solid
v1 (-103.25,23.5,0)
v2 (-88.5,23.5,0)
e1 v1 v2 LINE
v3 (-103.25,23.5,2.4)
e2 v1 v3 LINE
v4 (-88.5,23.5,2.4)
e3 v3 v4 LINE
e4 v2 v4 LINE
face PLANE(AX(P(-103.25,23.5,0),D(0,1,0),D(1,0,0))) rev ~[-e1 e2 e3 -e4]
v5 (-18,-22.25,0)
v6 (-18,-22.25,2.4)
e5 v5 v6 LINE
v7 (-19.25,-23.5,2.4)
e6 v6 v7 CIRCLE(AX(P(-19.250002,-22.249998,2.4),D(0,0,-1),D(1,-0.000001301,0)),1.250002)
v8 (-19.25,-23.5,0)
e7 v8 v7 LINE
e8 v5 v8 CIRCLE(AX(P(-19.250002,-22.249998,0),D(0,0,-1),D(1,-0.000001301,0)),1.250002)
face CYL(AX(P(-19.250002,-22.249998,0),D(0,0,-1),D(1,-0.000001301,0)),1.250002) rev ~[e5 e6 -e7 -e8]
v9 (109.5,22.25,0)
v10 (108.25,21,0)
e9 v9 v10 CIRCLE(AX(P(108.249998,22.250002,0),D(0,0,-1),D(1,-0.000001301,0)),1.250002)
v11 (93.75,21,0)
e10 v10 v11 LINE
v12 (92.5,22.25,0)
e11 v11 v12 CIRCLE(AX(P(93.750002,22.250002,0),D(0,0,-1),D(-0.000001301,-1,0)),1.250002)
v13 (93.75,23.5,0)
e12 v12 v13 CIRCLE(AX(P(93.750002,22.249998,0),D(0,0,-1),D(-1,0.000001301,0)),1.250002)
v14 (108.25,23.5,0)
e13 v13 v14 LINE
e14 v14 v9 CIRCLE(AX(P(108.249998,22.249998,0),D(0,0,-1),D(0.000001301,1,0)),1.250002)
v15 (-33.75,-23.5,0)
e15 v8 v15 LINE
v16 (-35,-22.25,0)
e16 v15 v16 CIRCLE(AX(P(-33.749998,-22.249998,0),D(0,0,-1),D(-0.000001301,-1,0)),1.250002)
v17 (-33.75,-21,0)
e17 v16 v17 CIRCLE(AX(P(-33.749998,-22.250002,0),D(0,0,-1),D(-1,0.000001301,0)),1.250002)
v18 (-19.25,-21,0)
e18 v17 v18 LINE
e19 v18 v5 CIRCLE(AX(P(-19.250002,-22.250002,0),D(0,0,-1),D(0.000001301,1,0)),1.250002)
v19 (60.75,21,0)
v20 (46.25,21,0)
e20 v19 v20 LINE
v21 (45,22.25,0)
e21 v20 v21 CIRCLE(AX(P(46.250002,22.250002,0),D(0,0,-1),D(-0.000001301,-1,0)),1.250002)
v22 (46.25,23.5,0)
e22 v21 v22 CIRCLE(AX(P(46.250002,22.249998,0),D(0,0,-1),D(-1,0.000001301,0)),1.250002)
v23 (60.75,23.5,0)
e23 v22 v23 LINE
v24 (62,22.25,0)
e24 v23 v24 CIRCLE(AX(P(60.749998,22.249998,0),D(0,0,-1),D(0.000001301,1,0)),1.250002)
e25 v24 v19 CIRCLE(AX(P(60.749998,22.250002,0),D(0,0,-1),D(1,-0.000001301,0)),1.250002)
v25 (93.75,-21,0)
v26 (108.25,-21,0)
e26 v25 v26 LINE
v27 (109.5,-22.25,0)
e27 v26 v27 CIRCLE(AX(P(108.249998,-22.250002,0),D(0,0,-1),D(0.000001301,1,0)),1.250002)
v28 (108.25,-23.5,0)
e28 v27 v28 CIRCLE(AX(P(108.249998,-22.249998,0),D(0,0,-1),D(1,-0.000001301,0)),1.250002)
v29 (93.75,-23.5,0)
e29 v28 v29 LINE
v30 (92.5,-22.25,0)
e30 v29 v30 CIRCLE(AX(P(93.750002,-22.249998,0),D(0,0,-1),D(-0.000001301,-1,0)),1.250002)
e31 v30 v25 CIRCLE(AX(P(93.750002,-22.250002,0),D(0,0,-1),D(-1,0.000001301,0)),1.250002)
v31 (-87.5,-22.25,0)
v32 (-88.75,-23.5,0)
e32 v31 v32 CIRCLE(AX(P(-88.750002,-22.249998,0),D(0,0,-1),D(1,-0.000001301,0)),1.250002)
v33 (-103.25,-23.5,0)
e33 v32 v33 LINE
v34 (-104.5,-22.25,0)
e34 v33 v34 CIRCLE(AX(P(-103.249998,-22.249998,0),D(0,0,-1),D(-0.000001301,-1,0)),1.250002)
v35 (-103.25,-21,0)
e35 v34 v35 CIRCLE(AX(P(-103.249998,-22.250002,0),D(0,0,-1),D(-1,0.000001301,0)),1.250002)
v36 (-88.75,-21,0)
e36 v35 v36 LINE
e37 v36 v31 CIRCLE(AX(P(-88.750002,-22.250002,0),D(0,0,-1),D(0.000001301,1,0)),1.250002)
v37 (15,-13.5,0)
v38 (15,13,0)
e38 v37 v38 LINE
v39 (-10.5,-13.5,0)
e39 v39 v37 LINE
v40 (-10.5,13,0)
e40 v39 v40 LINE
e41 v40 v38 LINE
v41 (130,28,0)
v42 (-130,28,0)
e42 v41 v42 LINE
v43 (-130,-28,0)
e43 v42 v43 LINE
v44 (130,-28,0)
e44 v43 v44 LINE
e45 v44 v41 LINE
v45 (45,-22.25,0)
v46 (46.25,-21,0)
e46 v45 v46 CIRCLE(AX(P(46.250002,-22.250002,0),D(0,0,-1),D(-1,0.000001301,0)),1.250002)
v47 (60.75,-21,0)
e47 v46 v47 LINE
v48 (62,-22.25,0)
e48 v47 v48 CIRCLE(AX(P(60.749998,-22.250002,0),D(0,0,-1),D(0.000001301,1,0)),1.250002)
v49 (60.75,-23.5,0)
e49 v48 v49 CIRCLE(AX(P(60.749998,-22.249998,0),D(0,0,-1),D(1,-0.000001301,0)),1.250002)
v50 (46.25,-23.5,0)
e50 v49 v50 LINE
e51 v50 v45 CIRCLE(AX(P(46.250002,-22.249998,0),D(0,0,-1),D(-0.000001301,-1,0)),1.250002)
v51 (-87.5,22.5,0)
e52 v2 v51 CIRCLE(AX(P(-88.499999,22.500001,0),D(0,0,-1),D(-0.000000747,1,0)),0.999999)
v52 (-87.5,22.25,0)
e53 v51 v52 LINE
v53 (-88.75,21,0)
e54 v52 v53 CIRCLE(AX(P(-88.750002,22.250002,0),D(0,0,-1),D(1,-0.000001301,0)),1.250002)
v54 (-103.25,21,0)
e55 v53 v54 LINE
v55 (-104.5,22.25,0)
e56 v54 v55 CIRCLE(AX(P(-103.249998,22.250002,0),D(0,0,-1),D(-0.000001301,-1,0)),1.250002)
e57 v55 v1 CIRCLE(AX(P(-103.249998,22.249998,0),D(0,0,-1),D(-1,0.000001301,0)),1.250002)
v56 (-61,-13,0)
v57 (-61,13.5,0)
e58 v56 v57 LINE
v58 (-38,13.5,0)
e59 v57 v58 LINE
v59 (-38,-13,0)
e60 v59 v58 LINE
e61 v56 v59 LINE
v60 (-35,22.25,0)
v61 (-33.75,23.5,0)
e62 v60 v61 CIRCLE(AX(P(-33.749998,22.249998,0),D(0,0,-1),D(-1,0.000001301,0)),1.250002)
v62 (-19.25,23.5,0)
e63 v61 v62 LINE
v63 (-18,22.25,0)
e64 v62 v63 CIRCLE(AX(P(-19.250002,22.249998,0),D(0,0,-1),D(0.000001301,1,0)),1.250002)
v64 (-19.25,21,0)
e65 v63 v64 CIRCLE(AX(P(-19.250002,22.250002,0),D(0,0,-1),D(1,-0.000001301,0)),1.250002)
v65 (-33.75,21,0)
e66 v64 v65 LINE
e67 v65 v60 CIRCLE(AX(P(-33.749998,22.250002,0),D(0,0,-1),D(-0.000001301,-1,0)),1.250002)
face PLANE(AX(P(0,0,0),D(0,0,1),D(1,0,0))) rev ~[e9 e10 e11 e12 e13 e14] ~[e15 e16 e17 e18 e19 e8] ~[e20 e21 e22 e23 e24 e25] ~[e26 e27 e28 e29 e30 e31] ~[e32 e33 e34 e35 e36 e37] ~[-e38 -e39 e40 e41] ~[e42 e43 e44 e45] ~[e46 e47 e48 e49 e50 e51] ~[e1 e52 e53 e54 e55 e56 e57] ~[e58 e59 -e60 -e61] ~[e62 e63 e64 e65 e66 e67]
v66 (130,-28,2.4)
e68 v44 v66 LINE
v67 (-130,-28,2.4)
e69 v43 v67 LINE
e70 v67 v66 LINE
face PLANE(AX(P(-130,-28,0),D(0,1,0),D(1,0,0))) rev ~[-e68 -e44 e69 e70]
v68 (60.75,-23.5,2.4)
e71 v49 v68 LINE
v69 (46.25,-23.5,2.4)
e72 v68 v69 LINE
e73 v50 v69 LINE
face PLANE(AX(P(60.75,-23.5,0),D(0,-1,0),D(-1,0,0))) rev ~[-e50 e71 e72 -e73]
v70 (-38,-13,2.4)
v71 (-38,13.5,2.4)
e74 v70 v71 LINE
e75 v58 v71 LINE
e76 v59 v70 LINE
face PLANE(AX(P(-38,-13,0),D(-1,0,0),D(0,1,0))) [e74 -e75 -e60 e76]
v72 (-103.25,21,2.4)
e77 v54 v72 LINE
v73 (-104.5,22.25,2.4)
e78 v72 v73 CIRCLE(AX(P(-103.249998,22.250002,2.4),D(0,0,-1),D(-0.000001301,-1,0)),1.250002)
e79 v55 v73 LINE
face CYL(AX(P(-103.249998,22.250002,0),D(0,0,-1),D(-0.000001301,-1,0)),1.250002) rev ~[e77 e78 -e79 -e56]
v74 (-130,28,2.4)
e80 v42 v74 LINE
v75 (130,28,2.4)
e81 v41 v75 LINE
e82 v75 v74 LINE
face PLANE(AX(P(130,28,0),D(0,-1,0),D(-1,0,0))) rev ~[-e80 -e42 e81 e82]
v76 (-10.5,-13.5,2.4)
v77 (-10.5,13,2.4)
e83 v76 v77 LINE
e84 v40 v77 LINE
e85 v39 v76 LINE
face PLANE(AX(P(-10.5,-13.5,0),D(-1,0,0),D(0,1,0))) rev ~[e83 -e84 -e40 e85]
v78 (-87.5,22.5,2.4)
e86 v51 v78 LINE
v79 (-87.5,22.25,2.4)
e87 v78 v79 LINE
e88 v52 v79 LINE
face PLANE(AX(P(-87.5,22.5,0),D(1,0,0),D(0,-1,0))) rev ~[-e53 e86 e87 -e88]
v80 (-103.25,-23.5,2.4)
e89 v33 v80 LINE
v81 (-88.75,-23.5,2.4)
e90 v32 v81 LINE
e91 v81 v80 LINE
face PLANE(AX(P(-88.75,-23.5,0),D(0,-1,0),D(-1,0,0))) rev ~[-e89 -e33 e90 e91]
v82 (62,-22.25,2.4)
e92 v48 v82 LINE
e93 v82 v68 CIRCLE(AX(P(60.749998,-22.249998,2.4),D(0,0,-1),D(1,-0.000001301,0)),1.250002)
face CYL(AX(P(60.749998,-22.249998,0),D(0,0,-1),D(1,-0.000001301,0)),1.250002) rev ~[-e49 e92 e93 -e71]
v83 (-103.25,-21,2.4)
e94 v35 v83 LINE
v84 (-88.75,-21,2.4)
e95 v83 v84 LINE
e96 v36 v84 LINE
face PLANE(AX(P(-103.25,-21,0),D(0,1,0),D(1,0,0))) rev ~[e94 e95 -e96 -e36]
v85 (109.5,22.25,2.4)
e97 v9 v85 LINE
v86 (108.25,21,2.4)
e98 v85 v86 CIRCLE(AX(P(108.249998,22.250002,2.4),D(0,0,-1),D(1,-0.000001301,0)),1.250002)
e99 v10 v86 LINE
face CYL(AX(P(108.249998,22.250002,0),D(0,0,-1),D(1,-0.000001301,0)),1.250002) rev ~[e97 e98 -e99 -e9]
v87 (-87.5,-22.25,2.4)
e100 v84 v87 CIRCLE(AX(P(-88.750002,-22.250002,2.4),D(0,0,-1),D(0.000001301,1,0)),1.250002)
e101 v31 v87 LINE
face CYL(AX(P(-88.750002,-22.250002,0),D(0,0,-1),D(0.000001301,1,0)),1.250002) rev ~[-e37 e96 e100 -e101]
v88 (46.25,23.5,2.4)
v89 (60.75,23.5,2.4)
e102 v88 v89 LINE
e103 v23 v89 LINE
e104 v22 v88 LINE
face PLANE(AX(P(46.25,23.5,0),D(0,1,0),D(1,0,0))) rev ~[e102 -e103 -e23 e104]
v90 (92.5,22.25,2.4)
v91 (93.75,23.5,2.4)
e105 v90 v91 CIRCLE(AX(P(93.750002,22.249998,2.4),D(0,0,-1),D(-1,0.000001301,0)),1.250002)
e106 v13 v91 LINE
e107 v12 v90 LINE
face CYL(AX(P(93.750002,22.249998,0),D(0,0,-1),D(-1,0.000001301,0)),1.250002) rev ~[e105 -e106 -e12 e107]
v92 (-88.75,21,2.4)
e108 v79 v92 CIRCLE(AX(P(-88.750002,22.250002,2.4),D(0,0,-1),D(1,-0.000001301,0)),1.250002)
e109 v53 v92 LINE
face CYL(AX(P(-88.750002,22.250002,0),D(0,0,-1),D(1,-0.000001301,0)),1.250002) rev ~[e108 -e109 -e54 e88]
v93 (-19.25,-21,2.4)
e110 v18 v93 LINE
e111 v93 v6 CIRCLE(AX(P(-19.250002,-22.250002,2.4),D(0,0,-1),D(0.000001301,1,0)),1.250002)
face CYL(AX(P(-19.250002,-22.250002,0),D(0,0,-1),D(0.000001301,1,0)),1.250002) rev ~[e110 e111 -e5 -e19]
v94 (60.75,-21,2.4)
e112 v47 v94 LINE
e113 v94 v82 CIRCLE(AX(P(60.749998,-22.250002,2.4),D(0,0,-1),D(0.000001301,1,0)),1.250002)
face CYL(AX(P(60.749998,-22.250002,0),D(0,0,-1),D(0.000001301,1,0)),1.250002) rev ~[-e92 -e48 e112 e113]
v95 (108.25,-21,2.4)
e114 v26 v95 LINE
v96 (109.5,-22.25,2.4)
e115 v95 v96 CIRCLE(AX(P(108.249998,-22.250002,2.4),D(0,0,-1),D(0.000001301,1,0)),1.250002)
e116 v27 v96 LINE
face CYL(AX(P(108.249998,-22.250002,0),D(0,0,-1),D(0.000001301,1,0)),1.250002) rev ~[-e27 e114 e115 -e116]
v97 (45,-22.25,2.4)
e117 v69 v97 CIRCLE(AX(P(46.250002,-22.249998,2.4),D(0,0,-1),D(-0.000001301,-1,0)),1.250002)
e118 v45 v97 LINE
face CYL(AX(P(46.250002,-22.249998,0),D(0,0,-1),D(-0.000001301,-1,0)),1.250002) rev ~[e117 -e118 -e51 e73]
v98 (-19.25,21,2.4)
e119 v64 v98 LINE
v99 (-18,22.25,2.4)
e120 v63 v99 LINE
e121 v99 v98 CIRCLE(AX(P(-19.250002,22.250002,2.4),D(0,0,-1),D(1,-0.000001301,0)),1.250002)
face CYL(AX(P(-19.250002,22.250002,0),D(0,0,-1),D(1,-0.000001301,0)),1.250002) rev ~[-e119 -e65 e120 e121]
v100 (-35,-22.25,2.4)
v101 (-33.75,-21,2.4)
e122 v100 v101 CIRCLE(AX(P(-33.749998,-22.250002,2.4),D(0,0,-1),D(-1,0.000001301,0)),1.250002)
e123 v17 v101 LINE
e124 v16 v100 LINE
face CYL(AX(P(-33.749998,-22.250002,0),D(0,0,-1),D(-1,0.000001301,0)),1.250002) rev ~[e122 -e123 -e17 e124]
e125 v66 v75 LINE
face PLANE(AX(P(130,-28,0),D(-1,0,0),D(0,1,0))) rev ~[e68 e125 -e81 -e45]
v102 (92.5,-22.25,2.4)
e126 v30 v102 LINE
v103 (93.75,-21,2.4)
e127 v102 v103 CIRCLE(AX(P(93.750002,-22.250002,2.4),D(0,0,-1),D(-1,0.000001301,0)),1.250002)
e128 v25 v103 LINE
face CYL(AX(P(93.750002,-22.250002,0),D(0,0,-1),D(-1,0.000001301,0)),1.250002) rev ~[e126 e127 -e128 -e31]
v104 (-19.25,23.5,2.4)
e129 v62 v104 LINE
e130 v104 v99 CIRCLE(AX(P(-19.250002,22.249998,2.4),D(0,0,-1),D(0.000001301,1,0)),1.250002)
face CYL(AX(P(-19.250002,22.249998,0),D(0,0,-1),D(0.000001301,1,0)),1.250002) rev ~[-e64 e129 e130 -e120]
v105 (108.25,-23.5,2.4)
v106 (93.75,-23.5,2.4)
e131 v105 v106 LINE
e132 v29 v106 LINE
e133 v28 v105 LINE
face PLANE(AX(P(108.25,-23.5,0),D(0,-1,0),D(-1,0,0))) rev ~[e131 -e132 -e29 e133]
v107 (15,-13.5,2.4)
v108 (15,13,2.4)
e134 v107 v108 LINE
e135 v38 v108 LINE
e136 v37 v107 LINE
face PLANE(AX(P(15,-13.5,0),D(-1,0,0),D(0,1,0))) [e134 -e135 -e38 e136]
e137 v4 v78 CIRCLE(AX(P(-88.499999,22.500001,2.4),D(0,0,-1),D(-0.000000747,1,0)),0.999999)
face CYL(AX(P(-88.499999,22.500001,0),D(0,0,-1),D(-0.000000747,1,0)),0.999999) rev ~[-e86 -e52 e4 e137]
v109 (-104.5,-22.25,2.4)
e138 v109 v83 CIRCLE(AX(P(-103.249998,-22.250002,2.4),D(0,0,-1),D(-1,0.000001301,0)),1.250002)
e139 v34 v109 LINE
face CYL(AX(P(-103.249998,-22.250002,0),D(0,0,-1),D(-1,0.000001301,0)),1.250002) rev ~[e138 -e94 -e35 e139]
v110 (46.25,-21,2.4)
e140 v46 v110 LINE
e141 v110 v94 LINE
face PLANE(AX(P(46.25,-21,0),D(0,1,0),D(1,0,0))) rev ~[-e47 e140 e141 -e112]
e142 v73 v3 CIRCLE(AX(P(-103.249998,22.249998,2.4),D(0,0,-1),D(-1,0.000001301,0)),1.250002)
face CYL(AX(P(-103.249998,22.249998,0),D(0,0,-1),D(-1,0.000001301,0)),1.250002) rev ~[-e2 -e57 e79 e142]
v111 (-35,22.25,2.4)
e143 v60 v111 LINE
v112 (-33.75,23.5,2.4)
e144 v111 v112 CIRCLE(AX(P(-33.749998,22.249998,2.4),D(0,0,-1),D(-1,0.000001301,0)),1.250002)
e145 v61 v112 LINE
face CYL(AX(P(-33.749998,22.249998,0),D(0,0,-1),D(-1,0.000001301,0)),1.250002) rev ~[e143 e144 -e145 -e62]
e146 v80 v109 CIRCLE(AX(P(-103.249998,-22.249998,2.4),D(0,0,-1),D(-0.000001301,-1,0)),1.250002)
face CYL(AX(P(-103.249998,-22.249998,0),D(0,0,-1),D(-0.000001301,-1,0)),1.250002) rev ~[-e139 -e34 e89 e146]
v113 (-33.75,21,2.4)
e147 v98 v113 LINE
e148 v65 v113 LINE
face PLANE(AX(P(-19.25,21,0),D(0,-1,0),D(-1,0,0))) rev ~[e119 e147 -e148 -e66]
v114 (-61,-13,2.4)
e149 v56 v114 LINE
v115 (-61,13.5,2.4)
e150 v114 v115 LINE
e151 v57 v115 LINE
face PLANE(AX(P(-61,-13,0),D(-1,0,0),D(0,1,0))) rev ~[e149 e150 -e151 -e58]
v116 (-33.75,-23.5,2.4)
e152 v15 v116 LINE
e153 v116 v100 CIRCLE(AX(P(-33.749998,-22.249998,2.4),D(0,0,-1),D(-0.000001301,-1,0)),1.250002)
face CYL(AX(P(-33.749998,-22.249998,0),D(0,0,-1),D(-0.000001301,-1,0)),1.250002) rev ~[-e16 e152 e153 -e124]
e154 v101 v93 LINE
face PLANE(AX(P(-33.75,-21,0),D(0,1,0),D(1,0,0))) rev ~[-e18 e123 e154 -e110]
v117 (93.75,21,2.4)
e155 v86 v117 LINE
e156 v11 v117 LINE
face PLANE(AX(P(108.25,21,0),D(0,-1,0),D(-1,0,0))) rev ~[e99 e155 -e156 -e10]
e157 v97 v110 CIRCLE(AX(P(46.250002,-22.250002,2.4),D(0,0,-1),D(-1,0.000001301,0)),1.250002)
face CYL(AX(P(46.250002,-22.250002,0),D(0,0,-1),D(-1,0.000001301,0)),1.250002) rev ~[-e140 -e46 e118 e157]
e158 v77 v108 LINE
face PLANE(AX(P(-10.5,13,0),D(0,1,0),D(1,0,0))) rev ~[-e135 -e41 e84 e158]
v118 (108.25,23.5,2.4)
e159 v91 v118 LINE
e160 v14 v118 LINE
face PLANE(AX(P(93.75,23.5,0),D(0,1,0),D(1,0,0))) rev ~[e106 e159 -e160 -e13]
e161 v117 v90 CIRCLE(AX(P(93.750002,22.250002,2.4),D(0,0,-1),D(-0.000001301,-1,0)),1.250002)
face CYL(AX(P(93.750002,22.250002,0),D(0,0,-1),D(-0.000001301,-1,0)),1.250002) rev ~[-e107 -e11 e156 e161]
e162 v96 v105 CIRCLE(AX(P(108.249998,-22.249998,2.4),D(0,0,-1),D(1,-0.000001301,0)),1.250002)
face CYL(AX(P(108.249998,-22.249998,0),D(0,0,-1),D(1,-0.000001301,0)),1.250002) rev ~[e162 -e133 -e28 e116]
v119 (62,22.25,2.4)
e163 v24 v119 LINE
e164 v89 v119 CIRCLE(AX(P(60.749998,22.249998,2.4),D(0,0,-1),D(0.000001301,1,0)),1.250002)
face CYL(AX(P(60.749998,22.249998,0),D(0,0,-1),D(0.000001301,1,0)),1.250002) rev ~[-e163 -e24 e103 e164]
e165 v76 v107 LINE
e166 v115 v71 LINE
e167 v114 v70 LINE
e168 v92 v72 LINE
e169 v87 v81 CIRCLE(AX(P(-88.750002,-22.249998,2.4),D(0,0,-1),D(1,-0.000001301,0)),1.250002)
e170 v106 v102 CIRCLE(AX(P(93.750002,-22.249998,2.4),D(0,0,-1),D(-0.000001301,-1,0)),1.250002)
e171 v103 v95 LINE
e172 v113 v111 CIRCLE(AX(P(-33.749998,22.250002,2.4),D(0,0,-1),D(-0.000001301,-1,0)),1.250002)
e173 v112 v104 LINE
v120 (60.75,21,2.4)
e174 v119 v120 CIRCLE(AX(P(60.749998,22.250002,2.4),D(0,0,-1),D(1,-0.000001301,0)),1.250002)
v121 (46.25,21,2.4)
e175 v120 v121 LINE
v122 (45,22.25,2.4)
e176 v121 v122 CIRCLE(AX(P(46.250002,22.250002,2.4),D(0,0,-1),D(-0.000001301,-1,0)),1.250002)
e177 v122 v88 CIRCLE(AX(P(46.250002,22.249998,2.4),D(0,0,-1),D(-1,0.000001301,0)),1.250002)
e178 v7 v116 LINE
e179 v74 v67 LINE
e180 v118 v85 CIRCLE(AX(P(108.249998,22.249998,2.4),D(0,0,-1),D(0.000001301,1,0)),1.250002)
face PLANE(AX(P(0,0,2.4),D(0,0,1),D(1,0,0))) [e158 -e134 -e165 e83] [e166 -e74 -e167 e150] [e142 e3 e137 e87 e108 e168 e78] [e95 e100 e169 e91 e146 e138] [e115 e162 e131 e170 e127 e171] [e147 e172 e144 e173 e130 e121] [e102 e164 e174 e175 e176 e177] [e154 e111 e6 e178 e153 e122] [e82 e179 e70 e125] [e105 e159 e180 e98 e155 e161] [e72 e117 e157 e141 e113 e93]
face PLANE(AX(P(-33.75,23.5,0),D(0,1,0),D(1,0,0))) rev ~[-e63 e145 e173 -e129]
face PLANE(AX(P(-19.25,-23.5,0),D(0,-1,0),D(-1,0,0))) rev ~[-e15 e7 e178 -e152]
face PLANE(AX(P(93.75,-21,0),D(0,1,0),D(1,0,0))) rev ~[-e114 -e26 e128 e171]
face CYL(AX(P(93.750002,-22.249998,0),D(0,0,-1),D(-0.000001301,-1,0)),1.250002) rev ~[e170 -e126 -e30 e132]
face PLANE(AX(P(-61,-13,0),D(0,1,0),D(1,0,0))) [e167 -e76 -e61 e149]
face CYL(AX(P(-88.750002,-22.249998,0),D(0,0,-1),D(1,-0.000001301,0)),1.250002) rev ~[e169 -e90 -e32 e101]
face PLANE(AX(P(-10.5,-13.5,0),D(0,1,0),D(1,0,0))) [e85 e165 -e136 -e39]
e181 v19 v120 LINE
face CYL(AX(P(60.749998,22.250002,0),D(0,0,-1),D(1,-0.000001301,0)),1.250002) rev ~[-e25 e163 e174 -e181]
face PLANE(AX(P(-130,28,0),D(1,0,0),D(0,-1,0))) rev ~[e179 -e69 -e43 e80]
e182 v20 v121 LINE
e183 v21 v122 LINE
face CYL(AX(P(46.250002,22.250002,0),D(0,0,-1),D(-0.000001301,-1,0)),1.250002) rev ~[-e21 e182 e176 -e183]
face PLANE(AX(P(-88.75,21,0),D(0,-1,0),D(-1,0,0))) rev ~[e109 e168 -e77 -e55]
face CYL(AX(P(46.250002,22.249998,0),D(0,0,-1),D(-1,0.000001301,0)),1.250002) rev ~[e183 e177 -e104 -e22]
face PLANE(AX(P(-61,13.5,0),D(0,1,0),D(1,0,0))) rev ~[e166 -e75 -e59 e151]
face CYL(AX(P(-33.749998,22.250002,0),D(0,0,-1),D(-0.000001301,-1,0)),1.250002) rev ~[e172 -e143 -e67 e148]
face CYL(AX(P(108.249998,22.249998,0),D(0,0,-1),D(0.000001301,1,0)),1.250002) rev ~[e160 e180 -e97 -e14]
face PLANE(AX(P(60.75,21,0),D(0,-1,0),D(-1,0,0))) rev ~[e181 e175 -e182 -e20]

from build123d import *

# Parameters (mm, degrees)
F0_W     = 25.5
F0_H     = 26.5
F0_W_2   = 23
F1_DEPTH = 2.4


with BuildPart() as f1:
    # F0 (on Top) → F1 (new body)
    with BuildSketch(Plane.XY):
        Polygon((109.5, -28), (130, -28), (130, 28), (109.5, 28), (-35, 28), (-61, 28), (-104.5, 28), (-130, 28), (-130, -28), (-104.5, -28), (-35, -28), (-10.5, -28), (62, -28), align=None)
        with BuildLine():
            Line((-88.75, -23.5), (-103.25, -23.5))
            ThreePointArc((-103.25, -23.5), (-104.133883, -23.133883), (-104.5, -22.25))
            ThreePointArc((-104.5, -22.25), (-104.133883, -21.366117), (-103.25, -21))
            Line((-103.25, -21), (-88.75, -21))
            ThreePointArc((-88.75, -21), (-87.866117, -21.366117), (-87.5, -22.25))
            ThreePointArc((-87.5, -22.25), (-87.866117, -23.133883), (-88.75, -23.5))
        make_face(mode=Mode.SUBTRACT)
        with BuildLine():
            Line((-19.25, -23.5), (-33.75, -23.5))
            ThreePointArc((-33.75, -23.5), (-34.633883, -23.133883), (-35, -22.25))
            ThreePointArc((-35, -22.25), (-34.633883, -21.366117), (-33.75, -21))
            Line((-33.75, -21), (-19.25, -21))
            ThreePointArc((-19.25, -21), (-18.366117, -21.366117), (-18, -22.25))
            ThreePointArc((-18, -22.25), (-18.366117, -23.133883), (-19.25, -23.5))
        make_face(mode=Mode.SUBTRACT)
        with BuildLine():
            ThreePointArc((62, -22.25), (61.633883, -23.133883), (60.75, -23.5))
            Line((60.75, -23.5), (46.25, -23.5))
            ThreePointArc((46.25, -23.5), (45.366117, -23.133883), (45, -22.25))
            ThreePointArc((45, -22.25), (45.366117, -21.366117), (46.25, -21))
            Line((46.25, -21), (60.75, -21))
            ThreePointArc((60.75, -21), (61.633883, -21.366117), (62, -22.25))
        make_face(mode=Mode.SUBTRACT)
        with BuildLine():
            ThreePointArc((109.5, -22.25), (109.133883, -23.133883), (108.25, -23.5))
            Line((108.25, -23.5), (93.75, -23.5))
            ThreePointArc((93.75, -23.5), (92.866117, -23.133883), (92.5, -22.25))
            ThreePointArc((92.5, -22.25), (92.866117, -21.366117), (93.75, -21))
            Line((93.75, -21), (108.25, -21))
            ThreePointArc((108.25, -21), (109.133883, -21.366117), (109.5, -22.25))
        make_face(mode=Mode.SUBTRACT)
        with Locations((2.25, -0.25)):
            Rectangle(F0_W, F0_H, mode=Mode.SUBTRACT)
        with Locations((-49.5, 0.25)):
            Rectangle(F0_W_2, F0_H, mode=Mode.SUBTRACT)
        with BuildLine():
            ThreePointArc((-104.5, 22.25), (-104.133883, 23.133883), (-103.25, 23.5))
            Line((-103.25, 23.5), (-88.5, 23.5))
            ThreePointArc((-88.5, 23.5), (-87.792893, 23.207107), (-87.5, 22.5))
            Line((-87.5, 22.5), (-87.5, 22.25))
            ThreePointArc((-87.5, 22.25), (-87.866117, 21.366117), (-88.75, 21))
            Line((-88.75, 21), (-103.25, 21))
            ThreePointArc((-103.25, 21), (-104.133883, 21.366117), (-104.5, 22.25))
        make_face(mode=Mode.SUBTRACT)
        with BuildLine():
            ThreePointArc((-35, 22.25), (-34.633883, 23.133883), (-33.75, 23.5))
            Line((-33.75, 23.5), (-19.25, 23.5))
            ThreePointArc((-19.25, 23.5), (-18.366117, 23.133883), (-18, 22.25))
            ThreePointArc((-18, 22.25), (-18.366117, 21.366117), (-19.25, 21))
            Line((-19.25, 21), (-33.75, 21))
            ThreePointArc((-33.75, 21), (-34.633883, 21.366117), (-35, 22.25))
        make_face(mode=Mode.SUBTRACT)
        with BuildLine():
            Line((46.25, 23.5), (60.75, 23.5))
            ThreePointArc((60.75, 23.5), (61.633883, 23.133883), (62, 22.25))
            ThreePointArc((62, 22.25), (61.633883, 21.366117), (60.75, 21))
            Line((60.75, 21), (46.25, 21))
            ThreePointArc((46.25, 21), (45.366117, 21.366117), (45, 22.25))
            ThreePointArc((45, 22.25), (45.366117, 23.133883), (46.25, 23.5))
        make_face(mode=Mode.SUBTRACT)
        with BuildLine():
            Line((93.75, 23.5), (108.25, 23.5))
            ThreePointArc((108.25, 23.5), (109.133883, 23.133883), (109.5, 22.25))
            ThreePointArc((109.5, 22.25), (109.133883, 21.366117), (108.25, 21))
            Line((108.25, 21), (93.75, 21))
            ThreePointArc((93.75, 21), (92.866117, 21.366117), (92.5, 22.25))
            ThreePointArc((92.5, 22.25), (92.866117, 23.133883), (93.75, 23.5))
        make_face(mode=Mode.SUBTRACT)
    extrude(amount=F1_DEPTH)


solid = f1.part
